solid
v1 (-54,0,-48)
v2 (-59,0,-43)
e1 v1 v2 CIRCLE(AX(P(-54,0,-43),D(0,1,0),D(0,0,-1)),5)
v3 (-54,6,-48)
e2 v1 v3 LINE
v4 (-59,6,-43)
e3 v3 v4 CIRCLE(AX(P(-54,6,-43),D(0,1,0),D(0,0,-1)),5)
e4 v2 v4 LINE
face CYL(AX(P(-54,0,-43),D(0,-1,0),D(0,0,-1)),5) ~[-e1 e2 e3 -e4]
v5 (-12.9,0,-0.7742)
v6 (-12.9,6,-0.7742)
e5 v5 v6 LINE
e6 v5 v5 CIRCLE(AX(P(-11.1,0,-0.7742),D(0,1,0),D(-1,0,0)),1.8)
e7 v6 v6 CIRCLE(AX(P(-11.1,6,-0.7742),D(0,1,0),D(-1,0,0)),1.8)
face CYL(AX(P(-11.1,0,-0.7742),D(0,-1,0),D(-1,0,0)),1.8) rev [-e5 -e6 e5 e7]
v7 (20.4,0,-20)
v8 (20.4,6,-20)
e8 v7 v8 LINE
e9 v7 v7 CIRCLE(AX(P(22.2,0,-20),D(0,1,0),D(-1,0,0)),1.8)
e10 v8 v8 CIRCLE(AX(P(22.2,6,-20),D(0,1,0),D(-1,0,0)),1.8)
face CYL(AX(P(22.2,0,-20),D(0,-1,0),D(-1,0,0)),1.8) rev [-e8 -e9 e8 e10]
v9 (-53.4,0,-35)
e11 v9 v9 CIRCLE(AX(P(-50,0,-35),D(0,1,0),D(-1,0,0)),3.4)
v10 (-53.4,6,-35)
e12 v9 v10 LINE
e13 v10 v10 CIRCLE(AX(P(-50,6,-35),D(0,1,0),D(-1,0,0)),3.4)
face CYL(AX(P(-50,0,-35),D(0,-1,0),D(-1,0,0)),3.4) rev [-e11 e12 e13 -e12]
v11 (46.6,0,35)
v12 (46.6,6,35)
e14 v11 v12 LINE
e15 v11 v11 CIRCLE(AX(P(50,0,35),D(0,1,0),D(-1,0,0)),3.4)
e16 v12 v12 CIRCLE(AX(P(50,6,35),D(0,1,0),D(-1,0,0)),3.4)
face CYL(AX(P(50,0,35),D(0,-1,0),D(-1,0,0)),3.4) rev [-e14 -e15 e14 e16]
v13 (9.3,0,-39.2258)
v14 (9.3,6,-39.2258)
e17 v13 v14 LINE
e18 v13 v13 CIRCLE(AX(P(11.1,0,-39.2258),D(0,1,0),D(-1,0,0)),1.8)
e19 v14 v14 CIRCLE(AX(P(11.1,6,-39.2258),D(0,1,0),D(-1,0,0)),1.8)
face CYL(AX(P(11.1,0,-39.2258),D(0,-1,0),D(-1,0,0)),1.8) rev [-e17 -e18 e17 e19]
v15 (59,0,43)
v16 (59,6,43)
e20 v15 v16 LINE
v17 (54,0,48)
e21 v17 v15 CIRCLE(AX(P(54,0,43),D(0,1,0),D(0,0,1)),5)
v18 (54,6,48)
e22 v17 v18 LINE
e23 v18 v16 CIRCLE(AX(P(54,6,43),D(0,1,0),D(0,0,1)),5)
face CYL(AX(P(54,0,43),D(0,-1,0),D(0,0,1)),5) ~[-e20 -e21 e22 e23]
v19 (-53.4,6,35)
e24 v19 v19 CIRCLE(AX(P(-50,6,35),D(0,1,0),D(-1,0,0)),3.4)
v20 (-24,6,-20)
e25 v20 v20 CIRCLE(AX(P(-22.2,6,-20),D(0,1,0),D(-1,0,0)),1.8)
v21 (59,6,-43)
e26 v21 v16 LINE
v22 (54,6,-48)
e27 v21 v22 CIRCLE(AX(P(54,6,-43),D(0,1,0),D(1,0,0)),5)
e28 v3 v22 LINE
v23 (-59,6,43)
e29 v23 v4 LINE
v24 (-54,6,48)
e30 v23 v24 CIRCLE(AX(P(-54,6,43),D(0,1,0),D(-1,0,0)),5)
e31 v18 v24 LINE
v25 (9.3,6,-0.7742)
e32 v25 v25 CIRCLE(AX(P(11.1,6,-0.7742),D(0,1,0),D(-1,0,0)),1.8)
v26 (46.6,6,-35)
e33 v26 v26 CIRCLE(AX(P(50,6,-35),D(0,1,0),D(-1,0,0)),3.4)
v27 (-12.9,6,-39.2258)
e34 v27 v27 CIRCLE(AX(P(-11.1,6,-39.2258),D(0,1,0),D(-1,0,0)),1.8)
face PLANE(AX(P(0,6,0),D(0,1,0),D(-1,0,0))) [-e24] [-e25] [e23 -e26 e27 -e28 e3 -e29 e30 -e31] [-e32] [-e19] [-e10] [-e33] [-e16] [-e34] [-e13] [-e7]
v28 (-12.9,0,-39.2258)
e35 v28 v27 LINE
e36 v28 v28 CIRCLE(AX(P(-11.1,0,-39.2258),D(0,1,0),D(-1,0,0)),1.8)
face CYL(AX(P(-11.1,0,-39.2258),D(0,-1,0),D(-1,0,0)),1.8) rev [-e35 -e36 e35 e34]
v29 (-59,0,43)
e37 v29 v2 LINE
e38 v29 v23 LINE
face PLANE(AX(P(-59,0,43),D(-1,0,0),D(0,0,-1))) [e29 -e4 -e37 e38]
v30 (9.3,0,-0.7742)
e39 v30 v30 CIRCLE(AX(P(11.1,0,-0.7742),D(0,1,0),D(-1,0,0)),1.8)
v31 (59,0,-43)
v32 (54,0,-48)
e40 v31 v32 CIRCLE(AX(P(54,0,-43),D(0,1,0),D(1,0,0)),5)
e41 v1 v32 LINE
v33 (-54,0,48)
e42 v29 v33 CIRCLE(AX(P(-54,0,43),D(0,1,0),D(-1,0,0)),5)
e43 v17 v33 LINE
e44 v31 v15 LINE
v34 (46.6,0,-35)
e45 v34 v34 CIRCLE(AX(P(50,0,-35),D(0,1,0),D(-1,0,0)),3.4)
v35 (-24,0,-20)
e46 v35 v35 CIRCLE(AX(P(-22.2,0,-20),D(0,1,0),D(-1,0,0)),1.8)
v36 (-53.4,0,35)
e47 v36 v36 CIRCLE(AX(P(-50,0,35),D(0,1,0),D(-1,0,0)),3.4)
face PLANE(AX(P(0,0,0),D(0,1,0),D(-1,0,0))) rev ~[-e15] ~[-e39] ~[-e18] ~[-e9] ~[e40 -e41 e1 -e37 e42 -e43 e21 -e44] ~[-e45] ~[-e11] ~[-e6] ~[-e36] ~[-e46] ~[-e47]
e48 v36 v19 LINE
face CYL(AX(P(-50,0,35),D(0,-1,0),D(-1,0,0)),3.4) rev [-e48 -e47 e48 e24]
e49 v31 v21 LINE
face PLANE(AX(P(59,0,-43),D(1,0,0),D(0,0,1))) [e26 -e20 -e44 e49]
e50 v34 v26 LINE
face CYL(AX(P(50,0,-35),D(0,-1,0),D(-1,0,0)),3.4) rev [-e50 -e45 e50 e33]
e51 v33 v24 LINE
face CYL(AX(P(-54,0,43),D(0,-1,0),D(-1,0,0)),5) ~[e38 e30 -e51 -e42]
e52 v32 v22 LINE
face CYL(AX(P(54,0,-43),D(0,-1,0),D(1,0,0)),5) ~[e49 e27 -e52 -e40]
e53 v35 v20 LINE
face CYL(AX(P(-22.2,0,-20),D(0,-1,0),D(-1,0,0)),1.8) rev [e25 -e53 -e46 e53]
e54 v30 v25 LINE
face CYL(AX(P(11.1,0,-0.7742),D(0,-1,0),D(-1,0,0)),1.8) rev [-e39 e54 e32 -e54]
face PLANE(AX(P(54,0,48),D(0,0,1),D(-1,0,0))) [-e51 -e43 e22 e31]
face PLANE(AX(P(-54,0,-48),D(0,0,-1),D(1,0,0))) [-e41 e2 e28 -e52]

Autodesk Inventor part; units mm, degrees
ref_plane "YZ Plane" through (0, 0, 0) normal (1, 0, 0) x (0, 1, 0)
ref_plane "XZ Plane" through (0, 0, 0) normal (0, 1, 0) x (-1, 0, 0)
ref_plane "XY Plane" through (0, 0, 0) normal (0, 0, 1) x (1, 0, 0)
sketch "Sketch1" plane through (0, 0, 0) normal (0, 1, 0) x (-1, 0, 0)
  line L0 (54, -48) -> (-54, -48)
  line L1 (-59, -43) -> (-59, 43)
  line L2 (-54, 48) -> (54, 48)
  line L3 (59, 43) -> (59, -43)
  line L4 (50, -35) -> (-50, -35) construction
  line L5 (-50, -35) -> (-50, 35) construction
  line L6 (-50, 35) -> (50, 35) construction
  line L7 (50, 35) -> (50, -35) construction
  arc A0 (59, 43) -> (54, 48) centre (54, 43) ccw
  arc A1 (-54, 48) -> (-59, 43) centre (-54, 43) ccw
  arc A2 (-59, -43) -> (-54, -48) centre (-54, -43) ccw
  arc A3 (54, -48) -> (59, -43) centre (54, -43) ccw
  circle A4 centre (50, -35) radius 3.4
  circle A5 centre (50, 35) radius 3.4
  circle A6 centre (-50, -35) radius 3.4
  circle A7 centre (-50, 35) radius 3.4
  line L8 (0, -20) -> (0, 20) construction
  line L9 (25, -20) -> (25, 20) construction
  line L10 (-25, 20) -> (-25, -20) construction
  arc A8 (-25, -20) -> (25, -20) centre (0, -20) ccw construction
  arc A9 (25, 20) -> (-25, 20) centre (0, 20) ccw construction
  circle A10 centre (0, -20) radius 22.2 construction
  circle A11 centre (-22.2, -20) radius 1.8
  circle A12 centre (-11.1, -39.2258) radius 1.8
  circle A13 centre (11.1, -39.2258) radius 1.8
  circle A14 centre (22.2, -20) radius 1.8
  circle A15 centre (11.1, -0.7742) radius 1.8
  circle A16 centre (-11.1, -0.7742) radius 1.8
  point P0 (0, 0)
  point P1 (-59, 0)
  point P2 (0, -48)
  point P3 (0, -35)
  point P4 (-50, 0)
  point P5 (0, 0)
  dimension "d17" = 44.4
  dimension "d0" = 96
  dimension "d1" = 118
  dimension "d2" = 70
  dimension "d3" = 100
  dimension "d4" = 5
  dimension "d5" = 6.8
  dimension "d6" = 6.8
  dimension "d8" = 6.8
  dimension "d10" = 6.8
  dimension "d13" = 25
  dimension "d14" = 40
  dimension "d23" = 3.6
  dimension "d26" = 360
extrude "Extrusion1" add sketch "Sketch1" along normal blind 6
equation "\"d17\" = iciclesMountD"
equation "\"d0\" = moduleHeight"
equation "\"d1\" = moduleWidth"
equation "\"d2\" = moduleMountH"
equation "\"d3\" = moduleMountW"
equation "\"d4\" = moduleCornerR"
equation "\"d5\" = moduleMountD"
equation "\"d6\" = moduleMountD"
equation "\"d8\" = moduleMountD"
equation "\"d10\" = moduleMountD"
equation "\"d13\" = moduleOpeningR"
equation "\"d14\" = moduleOpeningH"
equation "\"d23\" = clearanceM3"
equation "\"d15\" = thickness"
equation "\"moduleWidth\" = 118"
equation "\"moduleHeight\" = 96"
equation "\"moduleMountW\" = 100"
equation "\"moduleMountH\" = 70"
equation "\"moduleMountD\" = 6.8"
equation "\"moduleCornerR\" = 5"
equation "\"moduleOpeningR\" = 25"
equation "\"moduleOpeningH\" = 40"
equation "\"thickness\" = 6"
equation "\"insertDrillM3\" = 4"
equation "\"clearanceM6\" = 3.6"
equation "\"d18\" = clearanceM6"
equation "\"d21\" = 360deg"
equation "\"d9\" = iciclesMountD"
equation "\"d22\" = 360deg"
equation "\"d25\" = 0"
equation "\"iciclesPlugD\" = 35.5"
equation "\"chairThickness\" = 12.7"
equation "\"isiclesBaseThickness\" = 3"
equation "\"d29\" = isiclesBaseThickness"
equation "\"isiclesPlugT\" = 7.4"
equation "\"compressedGasket\" = 0.5"
equation "\"d30\" = isiclesPlugT + chairThickness + compressedGasket"
equation "\"d31\" = 0"
equation "\"d33\" = 0"
equation "\"d34\" = isiclesBaseThickness"
equation "\"d35\" = 0"
equation "\"iciclesPlugNeck\" = 16"
equation "\"d38\" = 0"
equation "\"headClearanceM3\" = 5.6"
equation "\"d42\" = 360deg"
equation "\"d45\" = 0"
equation "\"iciclesFilletR\" = 2"
equation "\"d46\" = iciclesFilletR"
equation "\"d47\" = iciclesFilletR"
equation "\"clearanceM3\" = 3.6"
equation "\"icicles25D\" = 36.8"
equation "\"icicles25T\" = 8"
equation "\"icicles25ND\" = 18"
equation "\"insertM3\" = 4"
equation "\"d11\" = insertM3"
equation "\"d36\" = iciclesMountNeckD"
equation "\"d39\" = headClearanceM3"
equation "\"iciclesMountD\" = 44.4"
equation "\"iciclesMountNeckD\" = 19"
properties part number "Module_base_Icicles25"
